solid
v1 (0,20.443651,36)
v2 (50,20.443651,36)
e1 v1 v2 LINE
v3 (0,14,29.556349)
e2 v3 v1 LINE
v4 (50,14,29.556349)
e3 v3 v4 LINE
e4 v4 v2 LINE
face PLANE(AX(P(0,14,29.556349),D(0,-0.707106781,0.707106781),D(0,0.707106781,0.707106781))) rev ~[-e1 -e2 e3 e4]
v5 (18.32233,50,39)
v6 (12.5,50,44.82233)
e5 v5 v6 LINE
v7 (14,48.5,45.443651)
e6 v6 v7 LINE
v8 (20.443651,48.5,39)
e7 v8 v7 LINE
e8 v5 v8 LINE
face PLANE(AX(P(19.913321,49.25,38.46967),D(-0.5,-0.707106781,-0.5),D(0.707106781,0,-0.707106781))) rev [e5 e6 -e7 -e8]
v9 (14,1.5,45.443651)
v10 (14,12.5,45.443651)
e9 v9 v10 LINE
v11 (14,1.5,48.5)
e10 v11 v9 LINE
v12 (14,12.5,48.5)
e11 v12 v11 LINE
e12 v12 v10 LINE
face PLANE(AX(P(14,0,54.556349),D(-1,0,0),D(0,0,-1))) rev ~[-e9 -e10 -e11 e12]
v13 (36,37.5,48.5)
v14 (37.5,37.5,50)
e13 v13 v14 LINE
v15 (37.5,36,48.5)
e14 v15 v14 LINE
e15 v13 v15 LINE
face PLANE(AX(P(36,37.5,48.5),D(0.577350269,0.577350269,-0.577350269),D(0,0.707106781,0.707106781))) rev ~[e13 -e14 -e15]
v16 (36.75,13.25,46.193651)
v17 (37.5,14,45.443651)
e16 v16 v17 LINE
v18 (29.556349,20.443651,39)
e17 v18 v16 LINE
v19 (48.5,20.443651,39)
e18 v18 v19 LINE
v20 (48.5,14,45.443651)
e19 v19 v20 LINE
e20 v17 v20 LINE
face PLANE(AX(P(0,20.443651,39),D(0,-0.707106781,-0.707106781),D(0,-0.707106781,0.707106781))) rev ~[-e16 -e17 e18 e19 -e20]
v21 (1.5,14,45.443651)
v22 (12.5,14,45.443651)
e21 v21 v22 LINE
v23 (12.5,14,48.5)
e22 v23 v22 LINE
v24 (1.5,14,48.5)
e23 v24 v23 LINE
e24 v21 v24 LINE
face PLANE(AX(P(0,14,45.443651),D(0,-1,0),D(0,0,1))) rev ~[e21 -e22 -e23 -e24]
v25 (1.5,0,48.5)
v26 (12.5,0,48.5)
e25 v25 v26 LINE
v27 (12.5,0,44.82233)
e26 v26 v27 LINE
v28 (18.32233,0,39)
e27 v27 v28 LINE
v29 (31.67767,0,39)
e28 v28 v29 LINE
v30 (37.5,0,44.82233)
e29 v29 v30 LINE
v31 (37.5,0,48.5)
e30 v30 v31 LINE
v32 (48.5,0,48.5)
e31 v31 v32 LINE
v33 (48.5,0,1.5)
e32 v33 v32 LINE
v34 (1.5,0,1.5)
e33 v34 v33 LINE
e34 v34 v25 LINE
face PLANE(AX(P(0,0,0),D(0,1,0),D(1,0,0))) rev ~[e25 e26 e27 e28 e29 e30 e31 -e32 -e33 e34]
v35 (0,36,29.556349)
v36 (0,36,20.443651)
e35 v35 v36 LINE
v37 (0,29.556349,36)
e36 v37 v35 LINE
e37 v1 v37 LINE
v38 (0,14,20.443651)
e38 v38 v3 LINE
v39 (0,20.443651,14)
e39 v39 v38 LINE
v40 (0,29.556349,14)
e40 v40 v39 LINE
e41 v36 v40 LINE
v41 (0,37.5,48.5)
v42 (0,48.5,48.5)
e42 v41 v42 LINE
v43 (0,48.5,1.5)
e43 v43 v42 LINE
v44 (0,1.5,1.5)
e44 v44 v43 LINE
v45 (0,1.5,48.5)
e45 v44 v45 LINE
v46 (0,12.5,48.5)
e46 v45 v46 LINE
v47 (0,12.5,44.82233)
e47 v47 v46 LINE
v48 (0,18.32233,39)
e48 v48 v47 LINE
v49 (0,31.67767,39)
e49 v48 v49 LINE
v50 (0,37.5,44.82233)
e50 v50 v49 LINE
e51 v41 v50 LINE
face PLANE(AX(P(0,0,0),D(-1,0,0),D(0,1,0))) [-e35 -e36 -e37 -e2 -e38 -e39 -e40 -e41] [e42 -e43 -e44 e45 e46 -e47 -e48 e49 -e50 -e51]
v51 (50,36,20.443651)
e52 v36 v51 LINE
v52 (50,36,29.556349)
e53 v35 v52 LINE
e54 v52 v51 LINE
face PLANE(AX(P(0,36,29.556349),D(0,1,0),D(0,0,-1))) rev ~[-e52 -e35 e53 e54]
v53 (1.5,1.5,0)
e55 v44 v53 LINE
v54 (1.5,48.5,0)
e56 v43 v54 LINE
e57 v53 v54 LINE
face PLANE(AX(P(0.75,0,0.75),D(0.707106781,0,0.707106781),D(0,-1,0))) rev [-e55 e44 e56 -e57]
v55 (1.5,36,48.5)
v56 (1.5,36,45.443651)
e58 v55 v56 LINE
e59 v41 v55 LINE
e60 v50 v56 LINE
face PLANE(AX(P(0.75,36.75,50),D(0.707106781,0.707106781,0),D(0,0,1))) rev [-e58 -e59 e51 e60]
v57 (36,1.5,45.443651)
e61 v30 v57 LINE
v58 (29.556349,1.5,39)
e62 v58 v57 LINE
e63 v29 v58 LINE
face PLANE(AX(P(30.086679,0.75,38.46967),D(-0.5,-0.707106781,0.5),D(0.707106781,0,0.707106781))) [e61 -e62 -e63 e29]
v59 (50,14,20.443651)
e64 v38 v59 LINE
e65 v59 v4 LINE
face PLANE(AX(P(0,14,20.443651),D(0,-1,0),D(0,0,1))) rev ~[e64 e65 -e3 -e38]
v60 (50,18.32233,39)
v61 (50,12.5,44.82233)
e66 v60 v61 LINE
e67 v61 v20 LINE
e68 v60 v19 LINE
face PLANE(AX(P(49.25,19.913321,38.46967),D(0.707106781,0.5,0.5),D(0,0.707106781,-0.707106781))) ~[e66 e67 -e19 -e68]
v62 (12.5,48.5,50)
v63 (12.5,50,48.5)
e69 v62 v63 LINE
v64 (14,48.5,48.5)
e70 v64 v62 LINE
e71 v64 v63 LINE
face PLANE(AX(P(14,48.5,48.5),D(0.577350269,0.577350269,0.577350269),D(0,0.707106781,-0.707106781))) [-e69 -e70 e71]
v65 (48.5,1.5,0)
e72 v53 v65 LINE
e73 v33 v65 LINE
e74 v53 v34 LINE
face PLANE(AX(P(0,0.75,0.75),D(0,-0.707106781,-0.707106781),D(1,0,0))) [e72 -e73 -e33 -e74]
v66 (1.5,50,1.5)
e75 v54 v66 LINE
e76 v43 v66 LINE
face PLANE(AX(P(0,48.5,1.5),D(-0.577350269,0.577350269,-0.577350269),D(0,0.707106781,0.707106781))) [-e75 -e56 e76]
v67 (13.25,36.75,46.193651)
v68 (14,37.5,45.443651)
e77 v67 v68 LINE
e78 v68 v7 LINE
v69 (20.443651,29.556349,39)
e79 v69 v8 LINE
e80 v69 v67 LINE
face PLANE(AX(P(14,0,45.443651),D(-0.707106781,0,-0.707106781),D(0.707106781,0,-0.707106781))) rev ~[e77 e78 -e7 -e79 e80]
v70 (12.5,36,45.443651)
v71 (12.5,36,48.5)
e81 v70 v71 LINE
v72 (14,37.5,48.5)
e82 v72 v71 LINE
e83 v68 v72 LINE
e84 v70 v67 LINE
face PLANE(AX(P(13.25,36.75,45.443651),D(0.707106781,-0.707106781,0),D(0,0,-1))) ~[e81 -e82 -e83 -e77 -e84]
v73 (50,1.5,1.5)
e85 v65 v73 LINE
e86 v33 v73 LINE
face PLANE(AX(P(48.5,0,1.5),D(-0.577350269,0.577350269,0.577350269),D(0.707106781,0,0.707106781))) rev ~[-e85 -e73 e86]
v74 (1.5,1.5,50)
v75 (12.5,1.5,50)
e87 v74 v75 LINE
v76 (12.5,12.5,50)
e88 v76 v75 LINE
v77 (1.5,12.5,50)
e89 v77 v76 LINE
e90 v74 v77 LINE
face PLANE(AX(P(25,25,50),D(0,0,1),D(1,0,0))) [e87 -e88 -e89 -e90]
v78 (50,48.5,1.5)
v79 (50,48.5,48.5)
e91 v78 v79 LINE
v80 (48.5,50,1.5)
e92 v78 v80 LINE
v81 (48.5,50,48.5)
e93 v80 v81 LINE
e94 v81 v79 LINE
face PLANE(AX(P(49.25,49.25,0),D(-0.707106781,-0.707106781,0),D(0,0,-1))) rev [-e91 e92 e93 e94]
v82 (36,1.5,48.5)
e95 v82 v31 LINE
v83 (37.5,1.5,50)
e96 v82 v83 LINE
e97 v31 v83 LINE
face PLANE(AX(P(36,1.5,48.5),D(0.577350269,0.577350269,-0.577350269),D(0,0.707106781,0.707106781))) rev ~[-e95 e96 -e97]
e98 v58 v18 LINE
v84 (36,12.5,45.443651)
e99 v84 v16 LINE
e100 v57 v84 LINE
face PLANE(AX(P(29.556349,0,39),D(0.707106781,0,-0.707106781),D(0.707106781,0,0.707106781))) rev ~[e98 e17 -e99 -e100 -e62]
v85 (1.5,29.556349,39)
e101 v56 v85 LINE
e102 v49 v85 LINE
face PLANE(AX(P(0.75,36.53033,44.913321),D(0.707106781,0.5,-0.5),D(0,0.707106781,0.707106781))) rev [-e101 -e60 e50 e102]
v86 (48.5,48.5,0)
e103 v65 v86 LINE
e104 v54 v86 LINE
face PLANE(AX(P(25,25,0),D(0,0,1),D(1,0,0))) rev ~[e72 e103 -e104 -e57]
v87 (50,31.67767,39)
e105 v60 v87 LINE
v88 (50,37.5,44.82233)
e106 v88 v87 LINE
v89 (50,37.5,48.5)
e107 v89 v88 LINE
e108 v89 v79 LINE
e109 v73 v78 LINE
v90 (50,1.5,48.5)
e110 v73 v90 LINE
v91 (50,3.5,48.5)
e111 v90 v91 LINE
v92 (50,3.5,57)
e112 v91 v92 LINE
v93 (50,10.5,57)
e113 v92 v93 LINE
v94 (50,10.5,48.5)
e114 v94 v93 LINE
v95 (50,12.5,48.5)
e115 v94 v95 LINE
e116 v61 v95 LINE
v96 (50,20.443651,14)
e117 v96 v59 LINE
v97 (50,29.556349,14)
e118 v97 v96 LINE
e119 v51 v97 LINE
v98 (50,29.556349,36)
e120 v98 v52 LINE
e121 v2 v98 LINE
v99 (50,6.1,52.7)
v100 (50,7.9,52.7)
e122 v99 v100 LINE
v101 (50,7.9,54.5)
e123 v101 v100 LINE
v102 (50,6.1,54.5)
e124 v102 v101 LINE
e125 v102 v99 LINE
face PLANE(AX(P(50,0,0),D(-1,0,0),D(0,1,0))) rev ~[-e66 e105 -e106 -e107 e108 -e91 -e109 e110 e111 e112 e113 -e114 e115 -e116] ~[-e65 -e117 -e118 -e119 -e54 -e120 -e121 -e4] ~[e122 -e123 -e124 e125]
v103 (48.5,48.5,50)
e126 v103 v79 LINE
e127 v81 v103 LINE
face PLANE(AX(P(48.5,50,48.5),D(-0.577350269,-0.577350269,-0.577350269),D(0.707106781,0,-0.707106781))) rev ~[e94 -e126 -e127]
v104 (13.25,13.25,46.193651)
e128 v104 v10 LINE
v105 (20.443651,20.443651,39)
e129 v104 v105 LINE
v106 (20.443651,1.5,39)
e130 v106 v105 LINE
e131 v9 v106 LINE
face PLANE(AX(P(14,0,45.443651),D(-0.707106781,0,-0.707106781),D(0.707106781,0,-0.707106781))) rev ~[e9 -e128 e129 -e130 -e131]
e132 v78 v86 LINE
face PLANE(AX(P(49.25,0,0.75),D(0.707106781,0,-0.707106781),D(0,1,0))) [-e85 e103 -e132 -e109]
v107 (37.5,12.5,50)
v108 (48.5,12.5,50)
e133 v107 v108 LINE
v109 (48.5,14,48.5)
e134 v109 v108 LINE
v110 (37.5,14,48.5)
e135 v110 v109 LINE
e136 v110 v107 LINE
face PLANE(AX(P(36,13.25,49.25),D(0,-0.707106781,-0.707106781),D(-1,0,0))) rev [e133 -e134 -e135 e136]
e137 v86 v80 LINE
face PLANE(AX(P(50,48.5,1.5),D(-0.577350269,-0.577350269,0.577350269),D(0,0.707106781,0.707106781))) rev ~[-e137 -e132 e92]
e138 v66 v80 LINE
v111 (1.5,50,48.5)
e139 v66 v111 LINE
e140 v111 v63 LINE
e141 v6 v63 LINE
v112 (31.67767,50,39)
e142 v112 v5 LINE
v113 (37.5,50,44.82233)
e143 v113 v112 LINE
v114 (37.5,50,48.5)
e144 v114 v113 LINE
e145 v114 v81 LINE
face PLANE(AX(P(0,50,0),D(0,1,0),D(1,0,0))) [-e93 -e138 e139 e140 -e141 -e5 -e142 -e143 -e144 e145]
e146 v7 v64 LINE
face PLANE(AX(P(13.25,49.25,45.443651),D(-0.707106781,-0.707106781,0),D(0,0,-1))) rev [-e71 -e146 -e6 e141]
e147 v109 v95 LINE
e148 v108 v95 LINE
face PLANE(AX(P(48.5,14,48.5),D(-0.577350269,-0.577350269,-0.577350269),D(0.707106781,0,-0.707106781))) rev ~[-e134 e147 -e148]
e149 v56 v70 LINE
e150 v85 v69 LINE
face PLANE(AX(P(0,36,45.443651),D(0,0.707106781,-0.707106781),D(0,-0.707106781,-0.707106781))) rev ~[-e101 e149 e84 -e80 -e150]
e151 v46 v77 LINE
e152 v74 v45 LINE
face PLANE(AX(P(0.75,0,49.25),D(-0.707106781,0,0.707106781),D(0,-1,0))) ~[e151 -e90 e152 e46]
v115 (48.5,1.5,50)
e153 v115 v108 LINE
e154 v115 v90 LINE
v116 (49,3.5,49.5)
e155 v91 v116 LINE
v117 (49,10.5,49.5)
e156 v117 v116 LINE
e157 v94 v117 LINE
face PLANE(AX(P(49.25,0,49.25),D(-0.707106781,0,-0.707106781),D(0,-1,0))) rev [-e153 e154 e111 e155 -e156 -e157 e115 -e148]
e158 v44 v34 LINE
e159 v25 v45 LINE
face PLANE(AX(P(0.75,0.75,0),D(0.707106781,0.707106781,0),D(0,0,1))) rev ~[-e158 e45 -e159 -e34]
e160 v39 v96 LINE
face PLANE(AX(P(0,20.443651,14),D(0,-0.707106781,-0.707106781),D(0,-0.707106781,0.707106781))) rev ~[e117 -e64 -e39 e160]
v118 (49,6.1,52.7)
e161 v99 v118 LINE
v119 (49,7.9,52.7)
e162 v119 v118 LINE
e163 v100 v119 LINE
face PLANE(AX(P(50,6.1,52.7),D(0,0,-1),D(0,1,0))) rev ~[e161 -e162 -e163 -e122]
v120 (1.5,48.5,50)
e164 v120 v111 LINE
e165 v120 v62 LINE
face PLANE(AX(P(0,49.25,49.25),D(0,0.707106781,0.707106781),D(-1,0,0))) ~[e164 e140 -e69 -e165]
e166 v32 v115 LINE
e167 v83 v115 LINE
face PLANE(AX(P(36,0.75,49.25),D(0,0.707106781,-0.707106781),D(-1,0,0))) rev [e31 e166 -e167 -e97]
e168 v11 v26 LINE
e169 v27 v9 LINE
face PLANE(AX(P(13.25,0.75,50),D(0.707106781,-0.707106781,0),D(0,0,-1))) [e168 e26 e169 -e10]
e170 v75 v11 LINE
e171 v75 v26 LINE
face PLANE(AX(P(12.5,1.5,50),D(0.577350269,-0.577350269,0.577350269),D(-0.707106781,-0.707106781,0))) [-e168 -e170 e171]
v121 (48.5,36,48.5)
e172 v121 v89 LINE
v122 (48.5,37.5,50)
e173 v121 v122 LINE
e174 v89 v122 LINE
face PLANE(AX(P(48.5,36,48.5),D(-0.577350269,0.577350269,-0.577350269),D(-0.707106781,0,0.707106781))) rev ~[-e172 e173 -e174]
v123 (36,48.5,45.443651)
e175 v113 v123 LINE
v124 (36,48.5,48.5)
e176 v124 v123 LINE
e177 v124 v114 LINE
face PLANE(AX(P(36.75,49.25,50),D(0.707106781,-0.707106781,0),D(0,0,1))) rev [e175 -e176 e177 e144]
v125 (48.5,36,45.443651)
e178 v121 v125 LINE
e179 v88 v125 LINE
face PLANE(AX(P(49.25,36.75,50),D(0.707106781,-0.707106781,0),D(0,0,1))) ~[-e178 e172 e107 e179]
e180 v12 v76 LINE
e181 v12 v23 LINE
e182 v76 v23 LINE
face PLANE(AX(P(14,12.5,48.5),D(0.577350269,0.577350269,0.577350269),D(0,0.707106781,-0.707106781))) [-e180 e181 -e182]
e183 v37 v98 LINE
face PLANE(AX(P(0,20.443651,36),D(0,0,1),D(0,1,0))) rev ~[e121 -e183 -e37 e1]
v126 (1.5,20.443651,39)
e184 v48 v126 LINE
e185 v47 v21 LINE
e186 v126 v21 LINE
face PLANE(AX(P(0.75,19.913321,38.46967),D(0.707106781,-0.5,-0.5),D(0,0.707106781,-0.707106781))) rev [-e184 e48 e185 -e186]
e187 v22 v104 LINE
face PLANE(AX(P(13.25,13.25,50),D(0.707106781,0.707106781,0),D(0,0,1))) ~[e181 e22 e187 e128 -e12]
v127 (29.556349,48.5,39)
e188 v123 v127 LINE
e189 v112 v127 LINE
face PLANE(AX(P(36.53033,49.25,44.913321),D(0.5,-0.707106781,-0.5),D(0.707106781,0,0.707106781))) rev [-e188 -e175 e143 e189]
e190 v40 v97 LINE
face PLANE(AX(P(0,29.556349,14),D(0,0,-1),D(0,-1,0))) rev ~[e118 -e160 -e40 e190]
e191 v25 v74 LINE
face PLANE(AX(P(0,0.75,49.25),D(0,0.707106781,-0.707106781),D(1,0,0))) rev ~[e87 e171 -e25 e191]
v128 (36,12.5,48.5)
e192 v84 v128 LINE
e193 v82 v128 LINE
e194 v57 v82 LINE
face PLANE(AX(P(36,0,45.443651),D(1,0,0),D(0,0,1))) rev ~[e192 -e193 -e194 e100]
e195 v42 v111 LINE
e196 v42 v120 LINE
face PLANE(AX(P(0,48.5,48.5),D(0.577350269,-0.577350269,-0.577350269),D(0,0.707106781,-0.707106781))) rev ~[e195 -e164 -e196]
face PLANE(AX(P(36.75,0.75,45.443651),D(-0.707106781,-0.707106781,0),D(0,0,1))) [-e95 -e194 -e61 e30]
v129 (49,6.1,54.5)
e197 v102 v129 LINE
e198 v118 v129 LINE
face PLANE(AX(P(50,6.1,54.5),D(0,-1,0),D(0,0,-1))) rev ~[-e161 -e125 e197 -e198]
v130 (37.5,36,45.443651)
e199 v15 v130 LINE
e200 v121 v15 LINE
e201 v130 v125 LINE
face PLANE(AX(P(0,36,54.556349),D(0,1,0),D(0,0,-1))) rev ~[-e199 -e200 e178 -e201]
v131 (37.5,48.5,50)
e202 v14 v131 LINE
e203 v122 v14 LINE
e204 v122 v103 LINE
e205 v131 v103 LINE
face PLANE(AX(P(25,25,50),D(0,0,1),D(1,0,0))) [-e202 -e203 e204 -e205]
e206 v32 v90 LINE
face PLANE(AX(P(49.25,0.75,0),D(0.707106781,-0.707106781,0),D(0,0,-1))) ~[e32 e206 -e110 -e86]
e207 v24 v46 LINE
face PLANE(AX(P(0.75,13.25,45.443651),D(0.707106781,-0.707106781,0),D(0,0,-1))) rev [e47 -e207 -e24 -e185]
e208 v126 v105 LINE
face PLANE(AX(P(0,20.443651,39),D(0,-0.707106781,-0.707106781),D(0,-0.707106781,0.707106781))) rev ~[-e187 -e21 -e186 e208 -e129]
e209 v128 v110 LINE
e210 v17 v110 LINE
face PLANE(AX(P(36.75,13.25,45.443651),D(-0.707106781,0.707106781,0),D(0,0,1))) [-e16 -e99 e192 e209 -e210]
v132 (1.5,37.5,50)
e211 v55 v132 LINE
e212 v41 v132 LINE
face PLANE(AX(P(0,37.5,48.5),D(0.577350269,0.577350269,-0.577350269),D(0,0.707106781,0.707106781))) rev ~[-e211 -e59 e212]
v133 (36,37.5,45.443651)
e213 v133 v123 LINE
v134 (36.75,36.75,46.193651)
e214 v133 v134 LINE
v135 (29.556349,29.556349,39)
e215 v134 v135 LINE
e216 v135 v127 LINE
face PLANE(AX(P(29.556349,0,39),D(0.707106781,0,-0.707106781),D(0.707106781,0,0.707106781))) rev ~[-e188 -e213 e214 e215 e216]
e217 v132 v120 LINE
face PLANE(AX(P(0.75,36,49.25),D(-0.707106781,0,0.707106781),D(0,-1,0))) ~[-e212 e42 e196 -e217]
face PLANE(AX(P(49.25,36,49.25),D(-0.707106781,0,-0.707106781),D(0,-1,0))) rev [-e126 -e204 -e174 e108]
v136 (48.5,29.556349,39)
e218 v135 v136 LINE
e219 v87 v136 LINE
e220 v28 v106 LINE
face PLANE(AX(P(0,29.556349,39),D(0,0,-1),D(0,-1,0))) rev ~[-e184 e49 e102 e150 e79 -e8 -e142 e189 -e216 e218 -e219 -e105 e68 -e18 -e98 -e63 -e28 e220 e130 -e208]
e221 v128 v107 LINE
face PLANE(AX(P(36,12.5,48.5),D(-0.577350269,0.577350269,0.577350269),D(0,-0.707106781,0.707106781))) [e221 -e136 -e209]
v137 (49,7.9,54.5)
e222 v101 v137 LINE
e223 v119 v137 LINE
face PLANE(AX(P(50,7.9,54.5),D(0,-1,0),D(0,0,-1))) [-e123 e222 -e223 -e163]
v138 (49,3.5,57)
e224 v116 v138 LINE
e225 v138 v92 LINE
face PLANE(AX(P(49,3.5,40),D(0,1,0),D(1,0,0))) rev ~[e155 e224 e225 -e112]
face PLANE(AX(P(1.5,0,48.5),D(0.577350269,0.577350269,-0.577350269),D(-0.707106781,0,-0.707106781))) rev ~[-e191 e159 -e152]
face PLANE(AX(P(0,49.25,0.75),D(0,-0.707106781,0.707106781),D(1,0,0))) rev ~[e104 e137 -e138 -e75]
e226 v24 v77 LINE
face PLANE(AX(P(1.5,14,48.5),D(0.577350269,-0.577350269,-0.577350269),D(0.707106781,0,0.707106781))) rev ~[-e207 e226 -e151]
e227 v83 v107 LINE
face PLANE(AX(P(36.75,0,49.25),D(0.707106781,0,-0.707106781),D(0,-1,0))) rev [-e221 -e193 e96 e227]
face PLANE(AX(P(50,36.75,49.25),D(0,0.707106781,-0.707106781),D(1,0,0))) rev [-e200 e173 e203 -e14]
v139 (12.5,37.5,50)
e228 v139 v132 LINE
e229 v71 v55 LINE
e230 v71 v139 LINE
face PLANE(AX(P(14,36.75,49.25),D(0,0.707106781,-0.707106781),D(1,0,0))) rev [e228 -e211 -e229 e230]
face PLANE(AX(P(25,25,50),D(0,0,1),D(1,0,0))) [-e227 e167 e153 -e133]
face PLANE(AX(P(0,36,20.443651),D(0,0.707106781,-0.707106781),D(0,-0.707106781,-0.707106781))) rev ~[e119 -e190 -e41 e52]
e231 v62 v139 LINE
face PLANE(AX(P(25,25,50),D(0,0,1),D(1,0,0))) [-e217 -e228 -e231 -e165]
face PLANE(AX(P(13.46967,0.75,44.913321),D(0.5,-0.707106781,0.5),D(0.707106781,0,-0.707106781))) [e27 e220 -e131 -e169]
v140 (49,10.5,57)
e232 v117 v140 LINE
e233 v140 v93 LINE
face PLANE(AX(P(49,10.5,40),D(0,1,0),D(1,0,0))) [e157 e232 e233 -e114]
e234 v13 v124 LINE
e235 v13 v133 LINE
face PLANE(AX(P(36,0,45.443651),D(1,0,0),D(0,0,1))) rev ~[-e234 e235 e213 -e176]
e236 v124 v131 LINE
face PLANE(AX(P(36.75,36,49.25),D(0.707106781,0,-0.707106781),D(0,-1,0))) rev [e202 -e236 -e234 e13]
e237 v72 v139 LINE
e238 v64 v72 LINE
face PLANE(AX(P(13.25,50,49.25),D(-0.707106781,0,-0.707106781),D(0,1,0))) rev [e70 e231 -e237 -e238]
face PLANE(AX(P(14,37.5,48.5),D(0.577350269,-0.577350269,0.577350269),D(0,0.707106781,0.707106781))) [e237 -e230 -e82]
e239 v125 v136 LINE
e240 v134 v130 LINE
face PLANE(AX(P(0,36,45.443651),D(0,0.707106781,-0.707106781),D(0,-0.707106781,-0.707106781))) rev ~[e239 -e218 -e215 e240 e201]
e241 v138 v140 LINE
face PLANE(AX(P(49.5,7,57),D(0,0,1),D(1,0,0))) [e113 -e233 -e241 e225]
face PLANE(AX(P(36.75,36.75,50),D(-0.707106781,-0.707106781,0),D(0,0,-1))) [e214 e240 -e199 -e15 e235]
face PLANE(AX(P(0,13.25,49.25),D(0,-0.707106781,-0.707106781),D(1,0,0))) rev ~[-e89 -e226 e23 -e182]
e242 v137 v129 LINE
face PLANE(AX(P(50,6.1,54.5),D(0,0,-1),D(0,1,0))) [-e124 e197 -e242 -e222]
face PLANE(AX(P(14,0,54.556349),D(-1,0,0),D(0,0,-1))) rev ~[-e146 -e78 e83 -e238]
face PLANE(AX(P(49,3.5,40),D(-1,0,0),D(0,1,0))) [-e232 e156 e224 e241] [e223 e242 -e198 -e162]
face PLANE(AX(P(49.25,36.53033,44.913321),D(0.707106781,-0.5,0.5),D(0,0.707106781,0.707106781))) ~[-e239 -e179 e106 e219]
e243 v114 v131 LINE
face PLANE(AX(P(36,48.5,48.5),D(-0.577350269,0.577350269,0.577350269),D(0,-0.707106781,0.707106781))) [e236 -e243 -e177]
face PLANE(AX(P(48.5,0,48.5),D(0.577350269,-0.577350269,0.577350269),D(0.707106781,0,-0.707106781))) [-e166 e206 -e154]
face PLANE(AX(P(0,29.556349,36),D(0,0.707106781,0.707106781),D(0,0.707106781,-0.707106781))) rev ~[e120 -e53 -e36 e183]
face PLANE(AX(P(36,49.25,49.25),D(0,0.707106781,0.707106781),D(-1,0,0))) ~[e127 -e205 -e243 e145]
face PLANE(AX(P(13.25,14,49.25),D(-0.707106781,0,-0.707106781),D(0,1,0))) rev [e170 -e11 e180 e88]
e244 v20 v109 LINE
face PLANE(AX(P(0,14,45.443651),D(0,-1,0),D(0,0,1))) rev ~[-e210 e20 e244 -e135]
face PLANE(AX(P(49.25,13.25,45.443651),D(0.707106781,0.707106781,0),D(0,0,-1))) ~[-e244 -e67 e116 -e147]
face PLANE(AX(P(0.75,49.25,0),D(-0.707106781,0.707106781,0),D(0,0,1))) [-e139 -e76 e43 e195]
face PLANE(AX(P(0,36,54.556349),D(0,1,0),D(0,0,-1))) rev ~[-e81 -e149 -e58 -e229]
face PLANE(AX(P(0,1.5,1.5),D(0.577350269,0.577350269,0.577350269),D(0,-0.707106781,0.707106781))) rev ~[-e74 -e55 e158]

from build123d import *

# Parameters (mm, degrees)
SKETCH1_W                = 50
SKETCH1_H                = 50
BOSS_EXTRUDE1_DEPTH      = 50
CUT_EXTRUDE1_DEPTH       = 87.602540378
CUT_EXTRUDE2_DEPTH       = 87.602540378
CHAMFER1_SIZE            = 1.5
BOSS_EXTRUDE2_DEPTH      = 7
BOSS_EXTRUDE2_DEPTH_BACK = 10
SKETCH4_W                = 1
SKETCH4_H                = 7
SKETCH5_W                = 1.8
SKETCH5_H                = 1.8
CUT_EXTRUDE3_DEPTH       = 7


with BuildPart() as part:
    # Sketch1 → Boss-Extrude1 (new body)
    with BuildSketch(Plane.XY):
        with Locations((25, 25)):
            Rectangle(SKETCH1_W, SKETCH1_H)
    extrude(amount=BOSS_EXTRUDE1_DEPTH)

    # Sketch2 → Cut-Extrude1 (cut, through all)
    with BuildSketch(Plane.ZY):
        Polygon((36, 29.556349186), (29.556349186, 36), (20.443650814, 36), (14, 29.556349186), (14, 20.443650814), (20.443650814, 14), (29.556349186, 14), (36, 20.443650814), align=None)
        Polygon((61, 29.556349186), (54.556349186, 36), (45.443650814, 36), (39, 29.556349186), (39, 20.443650814), (45.443650814, 14), (54.556349186, 14), (61, 20.443650814), align=None)
    extrude(amount=-CUT_EXTRUDE1_DEPTH, mode=Mode.SUBTRACT)

    # Sketch3 → Cut-Extrude2 (cut, through all)
    with BuildSketch(Plane.XZ):
        Polygon((29.556349186, 39), (36, 45.443650814), (36, 54.556349186), (29.556349186, 61), (20.443650814, 61), (14, 54.556349186), (14, 45.443650814), (20.443650814, 39), align=None)
    extrude(amount=-CUT_EXTRUDE2_DEPTH, mode=Mode.SUBTRACT)

    # Chamfer1
    chamfer1_edges = [part.edges().sort_by_distance(p)[0] for p in [
        (50, 7, 50),
        (0, 7, 50),
        (50, 43, 50),
        (7, 36, 50),
        (43, 14, 50),
        (43, 50, 50),
        (50, 14, 47.721825407),
        (50, 36, 47.721825407),
        (0, 14, 47.721825407),
        (0, 36, 47.721825407),
        (0, 32.778174593, 42.221825407),
        (0, 17.221825407, 42.221825407),
        (50, 17.221825407, 42.221825407),
        (50, 32.778174593, 42.221825407),
        (43, 36, 50),
        (36, 36, 47.721825407),
        (14, 36, 47.721825407),
        (7, 14, 50),
        (7, 50, 50),
        (43, 0, 50),
        (36, 0, 47.721825407),
        (14, 0, 47.721825407),
        (17.221825407, 0, 42.221825407),
        (32.778174593, 0, 42.221825407),
        (14, 7, 50),
        (14, 14, 47.721825407),
        (14, 43, 50),
        (14, 50, 47.721825407),
        (36, 14, 47.721825407),
        (36, 7, 50),
        (36, 50, 47.721825407),
        (36, 43, 50),
        (17.221825407, 50, 42.221825407),
        (32.778174593, 50, 42.221825407),
        (0, 43, 50),
        (25, 50, 0),
        (50, 25, 0),
        (25, 0, 0),
        (0, 25, 0),
        (7, 0, 50),
        (0, 50, 25),
        (50, 50, 25),
        (50, 0, 25),
        (0, 0, 25),
    ]]
    chamfer(chamfer1_edges, length=CHAMFER1_SIZE)

    # Sketch4 → Boss-Extrude2 (add, two sides: drawn at the far end of the back side and taken through both)
    with BuildSketch(Plane.XY.offset(50).offset(-BOSS_EXTRUDE2_DEPTH_BACK)):
        with Locations((49.5, 7)):
            Rectangle(SKETCH4_W, SKETCH4_H)
    extrude(amount=BOSS_EXTRUDE2_DEPTH + BOSS_EXTRUDE2_DEPTH_BACK)

    # Sketch5 → Cut-Extrude3 (cut)
    with BuildSketch(Plane(origin=(50, 0, 0), x_dir=(0, 0, -1), z_dir=(1, 0, 0))):
        with Locations((-53.6, 7)):
            Rectangle(SKETCH5_W, SKETCH5_H)
    extrude(amount=-CUT_EXTRUDE3_DEPTH, mode=Mode.SUBTRACT)


solid = part.part
